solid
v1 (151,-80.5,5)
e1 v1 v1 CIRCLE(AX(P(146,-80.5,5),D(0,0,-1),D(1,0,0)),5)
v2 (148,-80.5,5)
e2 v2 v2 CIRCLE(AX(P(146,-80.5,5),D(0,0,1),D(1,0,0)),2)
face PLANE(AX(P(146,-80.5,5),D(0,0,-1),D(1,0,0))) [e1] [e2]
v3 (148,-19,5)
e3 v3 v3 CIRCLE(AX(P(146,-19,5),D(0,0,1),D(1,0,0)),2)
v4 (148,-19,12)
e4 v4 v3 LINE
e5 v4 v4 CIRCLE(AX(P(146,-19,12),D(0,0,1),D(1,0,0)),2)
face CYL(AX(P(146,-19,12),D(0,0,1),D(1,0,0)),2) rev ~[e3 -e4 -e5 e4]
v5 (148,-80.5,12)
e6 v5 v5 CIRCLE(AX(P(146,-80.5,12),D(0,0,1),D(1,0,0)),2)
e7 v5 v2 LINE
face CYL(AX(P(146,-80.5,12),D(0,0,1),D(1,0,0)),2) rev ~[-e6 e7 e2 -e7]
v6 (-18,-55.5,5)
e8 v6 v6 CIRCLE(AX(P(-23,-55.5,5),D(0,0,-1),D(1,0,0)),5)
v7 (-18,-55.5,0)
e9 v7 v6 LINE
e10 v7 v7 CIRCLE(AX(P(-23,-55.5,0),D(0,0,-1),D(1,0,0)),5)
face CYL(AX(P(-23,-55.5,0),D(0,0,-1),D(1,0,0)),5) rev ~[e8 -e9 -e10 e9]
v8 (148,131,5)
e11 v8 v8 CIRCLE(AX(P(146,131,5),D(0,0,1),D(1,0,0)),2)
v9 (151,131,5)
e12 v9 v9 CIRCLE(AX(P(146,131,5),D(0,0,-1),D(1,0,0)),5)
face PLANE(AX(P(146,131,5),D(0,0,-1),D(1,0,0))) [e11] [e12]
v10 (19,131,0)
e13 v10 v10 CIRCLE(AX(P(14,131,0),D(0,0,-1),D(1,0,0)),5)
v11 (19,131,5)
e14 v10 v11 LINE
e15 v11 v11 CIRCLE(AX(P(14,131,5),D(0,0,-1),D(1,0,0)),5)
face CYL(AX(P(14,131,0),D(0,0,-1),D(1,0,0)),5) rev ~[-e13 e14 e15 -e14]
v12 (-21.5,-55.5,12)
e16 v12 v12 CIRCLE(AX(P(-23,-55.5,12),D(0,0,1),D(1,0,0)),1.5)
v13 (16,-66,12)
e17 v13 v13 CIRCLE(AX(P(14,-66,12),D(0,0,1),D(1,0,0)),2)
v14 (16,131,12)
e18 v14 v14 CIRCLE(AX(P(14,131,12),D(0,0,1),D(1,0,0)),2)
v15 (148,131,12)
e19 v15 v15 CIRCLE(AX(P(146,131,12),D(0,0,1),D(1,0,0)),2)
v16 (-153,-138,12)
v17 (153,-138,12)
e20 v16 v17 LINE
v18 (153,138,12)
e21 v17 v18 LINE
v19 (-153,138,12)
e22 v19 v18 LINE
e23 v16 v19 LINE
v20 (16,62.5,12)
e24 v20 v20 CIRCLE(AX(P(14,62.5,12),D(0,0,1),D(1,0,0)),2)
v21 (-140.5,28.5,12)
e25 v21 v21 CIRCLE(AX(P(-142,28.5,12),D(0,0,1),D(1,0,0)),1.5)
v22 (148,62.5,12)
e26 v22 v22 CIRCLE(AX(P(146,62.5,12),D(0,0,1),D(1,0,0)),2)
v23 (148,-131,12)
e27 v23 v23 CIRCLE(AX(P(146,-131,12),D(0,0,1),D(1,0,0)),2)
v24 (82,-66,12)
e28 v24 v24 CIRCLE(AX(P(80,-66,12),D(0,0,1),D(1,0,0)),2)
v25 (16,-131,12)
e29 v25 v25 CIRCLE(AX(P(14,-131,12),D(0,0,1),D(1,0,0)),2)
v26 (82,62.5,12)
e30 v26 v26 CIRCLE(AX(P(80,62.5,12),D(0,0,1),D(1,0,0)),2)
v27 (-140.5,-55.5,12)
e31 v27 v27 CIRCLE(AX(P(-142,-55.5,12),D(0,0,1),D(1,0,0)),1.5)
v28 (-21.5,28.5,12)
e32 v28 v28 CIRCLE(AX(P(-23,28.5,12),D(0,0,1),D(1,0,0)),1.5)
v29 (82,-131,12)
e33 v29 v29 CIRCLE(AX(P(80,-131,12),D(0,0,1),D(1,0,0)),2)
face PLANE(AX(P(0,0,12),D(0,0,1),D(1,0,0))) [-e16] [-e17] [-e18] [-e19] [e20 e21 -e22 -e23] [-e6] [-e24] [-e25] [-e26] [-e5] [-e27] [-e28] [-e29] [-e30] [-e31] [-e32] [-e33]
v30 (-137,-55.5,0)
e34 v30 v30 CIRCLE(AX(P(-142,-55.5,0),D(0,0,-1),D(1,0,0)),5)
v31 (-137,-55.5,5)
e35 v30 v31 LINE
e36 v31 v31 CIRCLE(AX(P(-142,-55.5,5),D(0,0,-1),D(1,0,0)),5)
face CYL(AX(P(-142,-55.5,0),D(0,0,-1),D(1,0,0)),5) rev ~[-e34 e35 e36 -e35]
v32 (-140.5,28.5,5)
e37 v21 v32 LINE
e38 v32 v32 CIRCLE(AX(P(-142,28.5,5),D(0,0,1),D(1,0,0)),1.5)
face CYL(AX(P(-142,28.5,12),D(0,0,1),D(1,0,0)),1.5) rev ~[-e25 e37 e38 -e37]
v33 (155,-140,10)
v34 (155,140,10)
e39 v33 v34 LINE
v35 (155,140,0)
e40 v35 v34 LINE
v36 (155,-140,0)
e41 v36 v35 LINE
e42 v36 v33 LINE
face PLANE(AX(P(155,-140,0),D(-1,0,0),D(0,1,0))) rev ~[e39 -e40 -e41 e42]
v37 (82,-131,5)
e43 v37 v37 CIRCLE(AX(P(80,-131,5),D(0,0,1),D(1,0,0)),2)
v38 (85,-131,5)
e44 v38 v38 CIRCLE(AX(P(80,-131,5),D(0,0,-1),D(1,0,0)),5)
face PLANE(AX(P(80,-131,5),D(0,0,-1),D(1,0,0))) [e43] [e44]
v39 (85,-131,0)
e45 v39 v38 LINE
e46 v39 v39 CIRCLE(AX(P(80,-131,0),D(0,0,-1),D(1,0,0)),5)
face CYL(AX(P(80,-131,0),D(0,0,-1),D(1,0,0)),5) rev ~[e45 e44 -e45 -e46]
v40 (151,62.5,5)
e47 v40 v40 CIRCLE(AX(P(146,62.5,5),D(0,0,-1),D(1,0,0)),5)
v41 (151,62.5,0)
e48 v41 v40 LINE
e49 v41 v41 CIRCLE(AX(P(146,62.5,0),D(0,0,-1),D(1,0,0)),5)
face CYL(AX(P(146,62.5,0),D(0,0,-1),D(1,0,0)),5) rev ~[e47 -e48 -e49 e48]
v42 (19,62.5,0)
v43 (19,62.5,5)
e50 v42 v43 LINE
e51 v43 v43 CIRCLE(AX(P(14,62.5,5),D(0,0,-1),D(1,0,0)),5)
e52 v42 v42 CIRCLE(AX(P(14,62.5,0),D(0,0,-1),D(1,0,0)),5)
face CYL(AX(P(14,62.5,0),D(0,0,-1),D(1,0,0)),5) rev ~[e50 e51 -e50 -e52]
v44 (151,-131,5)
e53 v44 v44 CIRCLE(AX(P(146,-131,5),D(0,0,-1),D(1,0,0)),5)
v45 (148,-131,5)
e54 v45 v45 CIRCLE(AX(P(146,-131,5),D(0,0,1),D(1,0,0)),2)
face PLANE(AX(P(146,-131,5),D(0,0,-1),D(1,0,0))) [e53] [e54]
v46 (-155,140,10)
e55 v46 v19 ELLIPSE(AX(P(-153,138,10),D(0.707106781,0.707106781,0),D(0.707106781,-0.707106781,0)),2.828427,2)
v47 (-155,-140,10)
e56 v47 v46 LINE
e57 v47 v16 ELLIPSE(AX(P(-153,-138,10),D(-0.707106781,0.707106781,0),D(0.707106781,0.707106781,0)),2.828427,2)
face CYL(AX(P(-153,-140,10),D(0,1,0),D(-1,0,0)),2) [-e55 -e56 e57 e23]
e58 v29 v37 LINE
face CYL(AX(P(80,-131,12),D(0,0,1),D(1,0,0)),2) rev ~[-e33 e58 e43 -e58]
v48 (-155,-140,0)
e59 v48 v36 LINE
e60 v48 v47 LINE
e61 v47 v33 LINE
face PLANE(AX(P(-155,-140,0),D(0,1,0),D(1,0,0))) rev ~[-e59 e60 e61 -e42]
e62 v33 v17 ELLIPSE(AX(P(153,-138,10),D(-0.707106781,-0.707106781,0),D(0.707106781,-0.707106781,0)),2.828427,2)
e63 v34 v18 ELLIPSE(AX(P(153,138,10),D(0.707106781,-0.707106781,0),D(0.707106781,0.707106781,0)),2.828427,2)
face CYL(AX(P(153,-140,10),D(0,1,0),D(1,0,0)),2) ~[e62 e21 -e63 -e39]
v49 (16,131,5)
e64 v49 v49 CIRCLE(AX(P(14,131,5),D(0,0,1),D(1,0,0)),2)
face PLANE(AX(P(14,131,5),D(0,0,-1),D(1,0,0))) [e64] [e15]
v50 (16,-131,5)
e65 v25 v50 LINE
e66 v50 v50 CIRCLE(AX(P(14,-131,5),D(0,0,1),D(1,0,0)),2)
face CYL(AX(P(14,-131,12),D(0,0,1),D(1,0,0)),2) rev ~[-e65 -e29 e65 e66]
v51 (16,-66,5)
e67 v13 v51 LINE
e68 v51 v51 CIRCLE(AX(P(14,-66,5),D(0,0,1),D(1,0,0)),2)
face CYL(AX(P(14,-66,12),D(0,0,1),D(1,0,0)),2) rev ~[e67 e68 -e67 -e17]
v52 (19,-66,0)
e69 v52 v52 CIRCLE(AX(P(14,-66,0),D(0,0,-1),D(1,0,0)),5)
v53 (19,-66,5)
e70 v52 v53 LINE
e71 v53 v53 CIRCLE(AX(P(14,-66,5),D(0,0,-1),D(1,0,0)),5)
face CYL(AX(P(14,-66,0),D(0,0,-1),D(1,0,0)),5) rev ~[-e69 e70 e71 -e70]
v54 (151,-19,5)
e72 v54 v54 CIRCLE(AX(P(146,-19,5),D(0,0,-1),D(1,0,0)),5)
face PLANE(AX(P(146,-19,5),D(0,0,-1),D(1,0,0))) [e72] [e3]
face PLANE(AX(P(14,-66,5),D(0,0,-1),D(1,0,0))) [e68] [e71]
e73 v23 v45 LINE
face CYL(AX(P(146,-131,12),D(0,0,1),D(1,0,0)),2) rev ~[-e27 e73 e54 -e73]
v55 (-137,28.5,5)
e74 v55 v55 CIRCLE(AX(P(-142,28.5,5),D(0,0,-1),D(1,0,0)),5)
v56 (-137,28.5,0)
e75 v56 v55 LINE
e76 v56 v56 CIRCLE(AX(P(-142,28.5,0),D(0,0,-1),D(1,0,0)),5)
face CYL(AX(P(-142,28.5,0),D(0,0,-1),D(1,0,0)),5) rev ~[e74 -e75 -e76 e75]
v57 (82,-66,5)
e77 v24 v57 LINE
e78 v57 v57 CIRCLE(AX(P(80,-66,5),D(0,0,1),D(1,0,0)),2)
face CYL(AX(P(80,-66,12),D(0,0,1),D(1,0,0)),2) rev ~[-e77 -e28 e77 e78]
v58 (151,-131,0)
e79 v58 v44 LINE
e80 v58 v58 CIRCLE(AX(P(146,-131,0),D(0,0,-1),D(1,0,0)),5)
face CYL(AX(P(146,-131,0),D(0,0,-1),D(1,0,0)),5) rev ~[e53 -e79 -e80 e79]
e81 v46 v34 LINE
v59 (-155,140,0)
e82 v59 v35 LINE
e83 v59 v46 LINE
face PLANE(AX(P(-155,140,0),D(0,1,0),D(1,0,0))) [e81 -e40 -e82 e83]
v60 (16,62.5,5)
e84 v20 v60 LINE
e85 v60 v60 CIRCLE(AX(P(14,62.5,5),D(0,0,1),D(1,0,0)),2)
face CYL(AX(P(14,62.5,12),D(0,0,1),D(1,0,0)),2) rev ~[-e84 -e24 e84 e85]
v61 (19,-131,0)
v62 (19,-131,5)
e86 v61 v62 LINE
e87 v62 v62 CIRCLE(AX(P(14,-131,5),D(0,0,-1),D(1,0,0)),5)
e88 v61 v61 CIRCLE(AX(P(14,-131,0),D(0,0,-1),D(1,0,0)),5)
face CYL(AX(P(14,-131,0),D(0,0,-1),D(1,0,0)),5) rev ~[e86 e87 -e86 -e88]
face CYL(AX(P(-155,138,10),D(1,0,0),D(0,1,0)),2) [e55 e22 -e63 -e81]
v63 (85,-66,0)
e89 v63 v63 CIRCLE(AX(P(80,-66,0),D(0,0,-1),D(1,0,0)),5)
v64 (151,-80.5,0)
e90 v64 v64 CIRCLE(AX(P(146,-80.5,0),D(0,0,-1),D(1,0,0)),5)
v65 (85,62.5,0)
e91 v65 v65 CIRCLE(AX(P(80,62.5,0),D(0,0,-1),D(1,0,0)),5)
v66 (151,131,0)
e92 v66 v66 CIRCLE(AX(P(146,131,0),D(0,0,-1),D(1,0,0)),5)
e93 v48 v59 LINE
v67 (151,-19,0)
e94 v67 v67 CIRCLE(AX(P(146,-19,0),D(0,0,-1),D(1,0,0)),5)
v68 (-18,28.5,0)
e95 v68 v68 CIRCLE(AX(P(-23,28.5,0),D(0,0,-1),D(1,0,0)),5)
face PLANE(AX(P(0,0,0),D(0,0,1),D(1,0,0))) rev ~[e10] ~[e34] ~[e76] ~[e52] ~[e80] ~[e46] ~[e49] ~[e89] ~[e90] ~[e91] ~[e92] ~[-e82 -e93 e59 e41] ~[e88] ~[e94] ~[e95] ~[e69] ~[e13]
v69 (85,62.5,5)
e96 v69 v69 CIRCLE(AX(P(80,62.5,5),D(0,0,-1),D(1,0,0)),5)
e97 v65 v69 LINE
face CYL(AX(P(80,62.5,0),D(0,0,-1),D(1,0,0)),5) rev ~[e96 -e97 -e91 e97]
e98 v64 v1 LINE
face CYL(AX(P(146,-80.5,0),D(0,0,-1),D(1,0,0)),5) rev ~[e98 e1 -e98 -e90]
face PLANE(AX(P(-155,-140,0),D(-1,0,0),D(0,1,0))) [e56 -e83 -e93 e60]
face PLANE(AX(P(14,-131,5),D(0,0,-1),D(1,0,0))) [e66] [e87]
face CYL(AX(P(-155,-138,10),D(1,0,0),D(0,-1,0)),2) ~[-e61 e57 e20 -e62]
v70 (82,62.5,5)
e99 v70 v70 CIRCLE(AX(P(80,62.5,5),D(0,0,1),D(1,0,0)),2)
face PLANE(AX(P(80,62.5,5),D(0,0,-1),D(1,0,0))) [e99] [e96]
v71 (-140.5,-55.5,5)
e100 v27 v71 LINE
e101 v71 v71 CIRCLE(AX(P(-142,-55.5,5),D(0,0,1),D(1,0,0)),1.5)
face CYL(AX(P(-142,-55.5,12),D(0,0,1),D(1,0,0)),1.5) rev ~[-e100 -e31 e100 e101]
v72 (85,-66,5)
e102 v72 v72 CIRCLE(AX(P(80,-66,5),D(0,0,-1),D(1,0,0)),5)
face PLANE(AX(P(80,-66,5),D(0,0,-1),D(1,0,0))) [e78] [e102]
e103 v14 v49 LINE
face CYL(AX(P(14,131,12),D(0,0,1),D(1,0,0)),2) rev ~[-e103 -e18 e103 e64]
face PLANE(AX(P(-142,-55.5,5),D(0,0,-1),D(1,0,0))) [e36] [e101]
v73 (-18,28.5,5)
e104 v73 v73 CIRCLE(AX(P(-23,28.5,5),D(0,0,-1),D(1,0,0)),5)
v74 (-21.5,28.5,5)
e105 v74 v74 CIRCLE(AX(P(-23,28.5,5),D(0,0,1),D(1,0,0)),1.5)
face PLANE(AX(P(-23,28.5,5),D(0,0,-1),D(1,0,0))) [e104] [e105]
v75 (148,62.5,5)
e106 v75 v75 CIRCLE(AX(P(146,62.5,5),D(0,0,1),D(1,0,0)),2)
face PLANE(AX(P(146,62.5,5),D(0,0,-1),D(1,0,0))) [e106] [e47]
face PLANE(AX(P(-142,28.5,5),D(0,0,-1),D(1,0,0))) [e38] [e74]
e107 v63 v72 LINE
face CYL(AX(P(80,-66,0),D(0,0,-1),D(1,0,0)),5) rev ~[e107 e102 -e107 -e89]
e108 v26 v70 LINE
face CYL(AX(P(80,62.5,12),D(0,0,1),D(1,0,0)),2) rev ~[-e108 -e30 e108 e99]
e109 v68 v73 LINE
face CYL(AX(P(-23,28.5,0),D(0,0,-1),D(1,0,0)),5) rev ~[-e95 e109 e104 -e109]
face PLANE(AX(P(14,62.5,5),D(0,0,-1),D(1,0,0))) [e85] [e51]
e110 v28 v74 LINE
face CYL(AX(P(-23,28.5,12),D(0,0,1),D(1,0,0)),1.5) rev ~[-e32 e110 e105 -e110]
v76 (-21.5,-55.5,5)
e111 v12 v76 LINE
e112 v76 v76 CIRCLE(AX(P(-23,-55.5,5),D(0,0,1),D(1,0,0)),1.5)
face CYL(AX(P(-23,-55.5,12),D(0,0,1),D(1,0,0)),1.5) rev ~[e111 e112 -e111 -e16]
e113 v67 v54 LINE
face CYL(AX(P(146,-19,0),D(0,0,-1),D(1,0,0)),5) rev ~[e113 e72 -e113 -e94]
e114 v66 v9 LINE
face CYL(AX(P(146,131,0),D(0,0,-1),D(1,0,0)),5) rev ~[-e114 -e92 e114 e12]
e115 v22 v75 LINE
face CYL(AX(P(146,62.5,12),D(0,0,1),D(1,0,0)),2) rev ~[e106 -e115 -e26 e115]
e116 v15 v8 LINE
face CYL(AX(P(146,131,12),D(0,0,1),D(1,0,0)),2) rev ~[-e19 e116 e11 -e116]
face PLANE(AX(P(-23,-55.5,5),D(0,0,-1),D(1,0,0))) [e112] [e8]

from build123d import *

# Parameters (mm, degrees)
F0_W      = 310
F0_H      = 280
F1_DEPTH  = 12
F2_R      = 2
F3_R      = 2
F4_DEPTH  = 25
F5_R      = 5
F6_DEPTH  = 5
F7_R      = 1.5
F8_DEPTH  = 25
F9_R      = 5
F10_DEPTH = 5


with BuildPart() as f1:
    # F0 (on Top) → F1 (new body)
    with BuildSketch(Plane.XY):
        Rectangle(F0_W, F0_H)
    extrude(amount=F1_DEPTH)

    # F2
    f2_edges = [f1.edges().sort_by_distance(p)[0] for p in [
        (0, -140, 12),
        (155, 0, 12),
        (0, 140, 12),
        (-155, 0, 12),
    ]]
    fillet(f2_edges, radius=F2_R)

    # F3 (on face) → F4 (cut)
    with BuildSketch(Plane.XY.offset(12)):
        with Locations((14, -131)):
            Circle(F3_R)
        with Locations((14, 131)):
            Circle(F3_R)
        with Locations((146, 131)):
            Circle(F3_R)
        with Locations((146, -131)):
            Circle(F3_R)
        with Locations((146, 62.5)):
            Circle(F3_R)
        with Locations((146, -80.5)):
            Circle(F3_R)
        with Locations((14, -66)):
            Circle(F3_R)
        with Locations((14, 62.5)):
            Circle(F3_R)
        with Locations((80, 62.5)):
            Circle(F3_R)
        with Locations((80, -66)):
            Circle(F3_R)
        with Locations((146, -19)):
            Circle(F3_R)
        with Locations((80, -131)):
            Circle(F3_R)
    extrude(amount=-F4_DEPTH, mode=Mode.SUBTRACT)

    # F5 (on face) → F6 (cut)
    with BuildSketch(Plane(origin=(0, 0, 0), x_dir=(1, 0, 0), z_dir=(0, 0, -1))):
        with Locations((14, 131)):
            Circle(F5_R)
        with Locations((14, 66)):
            Circle(F5_R)
        with Locations((146, 80.5)):
            Circle(F5_R)
        with Locations((146, 131)):
            Circle(F5_R)
        with Locations((146, -62.5)):
            Circle(F5_R)
        with Locations((14, -62.5)):
            Circle(F5_R)
        with Locations((14, -131)):
            Circle(F5_R)
        with Locations((146, -131)):
            Circle(F5_R)
        with Locations((80, -62.5)):
            Circle(F5_R)
        with Locations((80, 66)):
            Circle(F5_R)
        with Locations((146, 19)):
            Circle(F5_R)
        with Locations((80, 131)):
            Circle(F5_R)
    extrude(amount=-F6_DEPTH, mode=Mode.SUBTRACT)

    # F7 (on face) → F8 (cut)
    with BuildSketch(Plane.XY.offset(12)):
        with Locations((-142, 28.5)):
            Circle(F7_R)
        with Locations((-23, 28.5)):
            Circle(F7_R)
        with Locations((-23, -55.5)):
            Circle(F7_R)
        with Locations((-142, -55.5)):
            Circle(F7_R)
    extrude(amount=-F8_DEPTH, mode=Mode.SUBTRACT)

    # F9 (on face) → F10 (cut)
    with BuildSketch(Plane(origin=(0, 0, 0), x_dir=(1, 0, 0), z_dir=(0, 0, -1))):
        with Locations((-142, 55.5)):
            Circle(F9_R)
        with Locations((-142, -28.5)):
            Circle(F9_R)
        with Locations((-23, -28.5)):
            Circle(F9_R)
        with Locations((-23, 55.5)):
            Circle(F9_R)
    extrude(amount=-F10_DEPTH, mode=Mode.SUBTRACT)


solid = f1.part
